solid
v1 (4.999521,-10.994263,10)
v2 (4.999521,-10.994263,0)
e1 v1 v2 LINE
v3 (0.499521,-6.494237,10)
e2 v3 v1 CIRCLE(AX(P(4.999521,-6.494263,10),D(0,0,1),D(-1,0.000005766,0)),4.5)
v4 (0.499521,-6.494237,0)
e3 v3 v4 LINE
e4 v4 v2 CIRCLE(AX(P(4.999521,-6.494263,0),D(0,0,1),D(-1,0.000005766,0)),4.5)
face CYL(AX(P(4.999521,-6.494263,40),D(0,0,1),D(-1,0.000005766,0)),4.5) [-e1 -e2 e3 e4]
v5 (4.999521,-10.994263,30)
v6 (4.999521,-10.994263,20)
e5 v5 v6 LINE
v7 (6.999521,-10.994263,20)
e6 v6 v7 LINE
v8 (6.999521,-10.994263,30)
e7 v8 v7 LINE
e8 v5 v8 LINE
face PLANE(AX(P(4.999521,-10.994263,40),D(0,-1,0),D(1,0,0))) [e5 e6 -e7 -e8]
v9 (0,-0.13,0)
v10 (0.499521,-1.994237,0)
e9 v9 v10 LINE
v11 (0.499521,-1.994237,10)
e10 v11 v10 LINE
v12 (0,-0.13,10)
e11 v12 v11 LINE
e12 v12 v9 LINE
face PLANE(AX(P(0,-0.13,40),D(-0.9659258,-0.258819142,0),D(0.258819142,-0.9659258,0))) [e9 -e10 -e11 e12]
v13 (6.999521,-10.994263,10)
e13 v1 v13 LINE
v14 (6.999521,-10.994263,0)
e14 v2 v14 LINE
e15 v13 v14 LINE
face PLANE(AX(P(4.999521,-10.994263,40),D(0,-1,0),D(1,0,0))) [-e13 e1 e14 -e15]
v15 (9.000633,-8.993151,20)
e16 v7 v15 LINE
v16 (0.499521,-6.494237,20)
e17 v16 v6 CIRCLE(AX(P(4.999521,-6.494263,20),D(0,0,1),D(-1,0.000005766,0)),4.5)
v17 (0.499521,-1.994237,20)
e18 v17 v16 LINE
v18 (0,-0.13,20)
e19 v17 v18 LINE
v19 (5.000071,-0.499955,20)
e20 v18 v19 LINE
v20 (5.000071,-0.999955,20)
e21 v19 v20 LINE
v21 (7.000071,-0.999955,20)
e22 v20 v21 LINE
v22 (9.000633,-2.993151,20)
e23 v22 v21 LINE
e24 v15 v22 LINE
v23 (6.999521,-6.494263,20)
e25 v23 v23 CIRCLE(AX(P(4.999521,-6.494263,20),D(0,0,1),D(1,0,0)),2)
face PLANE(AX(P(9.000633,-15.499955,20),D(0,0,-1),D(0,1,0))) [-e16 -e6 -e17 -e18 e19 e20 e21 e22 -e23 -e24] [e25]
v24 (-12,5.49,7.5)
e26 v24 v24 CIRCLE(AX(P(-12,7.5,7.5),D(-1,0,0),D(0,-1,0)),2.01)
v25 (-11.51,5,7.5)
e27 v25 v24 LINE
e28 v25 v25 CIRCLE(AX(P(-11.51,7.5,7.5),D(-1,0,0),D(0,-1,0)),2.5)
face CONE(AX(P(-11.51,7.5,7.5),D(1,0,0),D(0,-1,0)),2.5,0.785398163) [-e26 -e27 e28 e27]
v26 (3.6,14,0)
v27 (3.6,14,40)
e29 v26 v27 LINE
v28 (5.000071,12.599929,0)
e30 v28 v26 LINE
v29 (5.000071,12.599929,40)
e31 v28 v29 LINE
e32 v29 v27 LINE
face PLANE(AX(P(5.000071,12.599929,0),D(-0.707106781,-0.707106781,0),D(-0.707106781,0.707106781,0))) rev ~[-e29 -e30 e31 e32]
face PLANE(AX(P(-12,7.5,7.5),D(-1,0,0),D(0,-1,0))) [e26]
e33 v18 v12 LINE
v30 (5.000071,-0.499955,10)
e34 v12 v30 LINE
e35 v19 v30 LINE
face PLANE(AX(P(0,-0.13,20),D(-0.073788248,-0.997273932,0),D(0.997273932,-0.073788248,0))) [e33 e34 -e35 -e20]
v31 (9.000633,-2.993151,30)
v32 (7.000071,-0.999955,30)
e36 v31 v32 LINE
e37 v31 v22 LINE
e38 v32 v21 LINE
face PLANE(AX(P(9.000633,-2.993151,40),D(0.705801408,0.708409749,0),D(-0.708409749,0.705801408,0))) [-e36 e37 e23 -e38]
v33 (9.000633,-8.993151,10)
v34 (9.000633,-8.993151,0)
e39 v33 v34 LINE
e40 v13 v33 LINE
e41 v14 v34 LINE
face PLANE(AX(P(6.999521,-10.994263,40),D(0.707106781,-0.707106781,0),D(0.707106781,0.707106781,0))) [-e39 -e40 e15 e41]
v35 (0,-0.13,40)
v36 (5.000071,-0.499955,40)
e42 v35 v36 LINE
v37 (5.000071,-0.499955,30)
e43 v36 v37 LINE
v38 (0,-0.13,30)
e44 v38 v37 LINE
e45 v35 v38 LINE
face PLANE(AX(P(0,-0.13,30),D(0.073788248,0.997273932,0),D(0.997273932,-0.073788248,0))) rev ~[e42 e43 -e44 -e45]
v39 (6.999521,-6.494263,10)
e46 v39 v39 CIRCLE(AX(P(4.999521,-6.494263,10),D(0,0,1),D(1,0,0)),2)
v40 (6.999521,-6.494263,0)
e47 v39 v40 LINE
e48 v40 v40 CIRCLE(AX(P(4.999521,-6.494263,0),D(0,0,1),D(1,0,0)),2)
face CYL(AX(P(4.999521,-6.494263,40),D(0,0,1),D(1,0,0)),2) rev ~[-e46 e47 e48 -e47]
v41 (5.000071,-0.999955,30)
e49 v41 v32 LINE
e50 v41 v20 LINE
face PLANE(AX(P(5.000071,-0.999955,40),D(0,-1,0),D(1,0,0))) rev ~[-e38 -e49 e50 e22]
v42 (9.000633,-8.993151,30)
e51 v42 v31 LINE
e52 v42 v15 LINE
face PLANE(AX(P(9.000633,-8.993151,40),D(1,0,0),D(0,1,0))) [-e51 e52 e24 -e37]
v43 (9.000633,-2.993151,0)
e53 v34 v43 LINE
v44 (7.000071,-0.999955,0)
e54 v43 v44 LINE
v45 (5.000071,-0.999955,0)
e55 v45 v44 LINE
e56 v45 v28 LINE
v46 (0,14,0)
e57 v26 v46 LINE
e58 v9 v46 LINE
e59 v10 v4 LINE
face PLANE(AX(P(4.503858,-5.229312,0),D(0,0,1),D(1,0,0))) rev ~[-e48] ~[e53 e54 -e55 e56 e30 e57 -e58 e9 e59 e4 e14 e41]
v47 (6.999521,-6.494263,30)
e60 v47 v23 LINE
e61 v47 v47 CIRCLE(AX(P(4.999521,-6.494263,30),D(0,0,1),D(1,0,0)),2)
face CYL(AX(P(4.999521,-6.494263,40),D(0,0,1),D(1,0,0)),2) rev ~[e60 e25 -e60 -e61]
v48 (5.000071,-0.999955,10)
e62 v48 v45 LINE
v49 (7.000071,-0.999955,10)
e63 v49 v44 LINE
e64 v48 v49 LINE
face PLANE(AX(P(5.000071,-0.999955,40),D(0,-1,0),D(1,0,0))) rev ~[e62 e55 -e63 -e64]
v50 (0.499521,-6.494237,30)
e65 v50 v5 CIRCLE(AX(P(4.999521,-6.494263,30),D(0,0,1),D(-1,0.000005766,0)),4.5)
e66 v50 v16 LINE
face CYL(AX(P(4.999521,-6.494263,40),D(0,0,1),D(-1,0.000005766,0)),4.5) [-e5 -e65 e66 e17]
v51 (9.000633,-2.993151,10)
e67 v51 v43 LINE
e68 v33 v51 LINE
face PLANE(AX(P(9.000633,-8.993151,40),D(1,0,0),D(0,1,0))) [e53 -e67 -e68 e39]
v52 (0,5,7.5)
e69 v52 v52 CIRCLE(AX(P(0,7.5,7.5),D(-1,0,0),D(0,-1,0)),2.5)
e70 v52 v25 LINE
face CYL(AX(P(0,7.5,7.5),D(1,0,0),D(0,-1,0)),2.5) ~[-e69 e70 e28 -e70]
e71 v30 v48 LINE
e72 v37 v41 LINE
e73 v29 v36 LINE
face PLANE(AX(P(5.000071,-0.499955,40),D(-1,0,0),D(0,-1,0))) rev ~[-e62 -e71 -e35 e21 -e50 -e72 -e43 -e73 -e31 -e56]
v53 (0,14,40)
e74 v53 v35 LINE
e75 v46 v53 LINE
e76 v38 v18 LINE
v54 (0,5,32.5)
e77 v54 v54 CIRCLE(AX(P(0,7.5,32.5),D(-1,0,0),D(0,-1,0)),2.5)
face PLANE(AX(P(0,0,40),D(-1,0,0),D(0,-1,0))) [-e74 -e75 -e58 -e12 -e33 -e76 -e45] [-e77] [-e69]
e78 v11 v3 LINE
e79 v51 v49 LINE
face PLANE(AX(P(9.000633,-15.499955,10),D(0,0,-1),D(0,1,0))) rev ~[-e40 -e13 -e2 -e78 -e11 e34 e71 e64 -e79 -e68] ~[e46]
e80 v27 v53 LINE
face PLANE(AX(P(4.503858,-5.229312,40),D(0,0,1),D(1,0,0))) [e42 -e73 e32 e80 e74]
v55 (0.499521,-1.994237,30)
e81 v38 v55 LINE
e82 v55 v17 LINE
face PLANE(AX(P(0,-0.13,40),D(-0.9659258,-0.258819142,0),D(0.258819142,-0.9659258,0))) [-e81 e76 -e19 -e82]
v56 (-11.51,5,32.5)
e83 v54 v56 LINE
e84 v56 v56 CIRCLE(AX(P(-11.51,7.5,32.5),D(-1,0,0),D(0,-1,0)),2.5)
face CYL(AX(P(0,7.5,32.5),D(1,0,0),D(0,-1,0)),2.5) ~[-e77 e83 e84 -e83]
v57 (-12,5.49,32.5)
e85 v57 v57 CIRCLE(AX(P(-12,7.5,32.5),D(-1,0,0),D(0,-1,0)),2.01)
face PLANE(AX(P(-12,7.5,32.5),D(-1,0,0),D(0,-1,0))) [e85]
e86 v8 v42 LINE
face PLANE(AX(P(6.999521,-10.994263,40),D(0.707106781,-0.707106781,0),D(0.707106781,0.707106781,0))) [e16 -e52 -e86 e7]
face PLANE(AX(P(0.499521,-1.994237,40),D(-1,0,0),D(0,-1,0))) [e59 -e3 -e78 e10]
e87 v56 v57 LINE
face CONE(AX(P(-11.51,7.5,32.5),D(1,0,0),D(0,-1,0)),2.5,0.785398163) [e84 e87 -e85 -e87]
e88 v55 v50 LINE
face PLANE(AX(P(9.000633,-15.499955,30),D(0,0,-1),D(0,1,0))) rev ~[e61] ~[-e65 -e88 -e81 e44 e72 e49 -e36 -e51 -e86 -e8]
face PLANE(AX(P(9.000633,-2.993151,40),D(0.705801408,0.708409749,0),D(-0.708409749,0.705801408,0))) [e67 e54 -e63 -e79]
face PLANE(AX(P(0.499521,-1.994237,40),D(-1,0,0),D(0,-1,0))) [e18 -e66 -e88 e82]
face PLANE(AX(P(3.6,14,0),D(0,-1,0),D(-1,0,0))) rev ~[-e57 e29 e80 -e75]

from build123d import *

# Parameters (mm, degrees)
PAD_DEPTH       = 40
SKETCH001_R     = 2.5
PAD001_DEPTH    = 12
CHAMFER_SIZE    = 0.49
SKETCH002_R     = 2
PAD002_DEPTH    = 40
SKETCH003_W     = 15
SKETCH003_H     = 10
POCKET_DEPTH    = 21.001633
POCKET001_DEPTH = 10
POCKET002_DEPTH = 10


with BuildPart() as part:
    # Sketch → Pad (new body)
    with BuildSketch(Plane.XY):
        Polygon((0, 14), (0, 0), (5.000071, -0.499955), (5.000071, 12.599929), (3.6, 14), align=None)
    extrude(amount=PAD_DEPTH)

    # Sketch001 → Pad001 (new body)
    with BuildSketch(Plane(origin=(0, 0, 0), x_dir=(0, -1, 0), z_dir=(-1, 0, 0))):
        with Locations((-7.5, 32.5)):
            Circle(SKETCH001_R)
        with Locations((-7.5, 7.5)):
            Circle(SKETCH001_R)
    extrude(amount=PAD001_DEPTH)

    # Chamfer
    chamfer_edges = [part.edges().sort_by_distance(p)[0] for p in [
        (-12, 10, 7.5),
        (-12, 10, 32.5),
    ]]
    chamfer(chamfer_edges, length=CHAMFER_SIZE)

    # Sketch002 → Pad002 (new body)
    with BuildSketch(Plane.XY.offset(40)):
        with BuildLine():
            Line((5.000071, -0.499955), (0, 0))
            Line((0, 0), (0, -0.13))
            Line((0, -0.13), (0.499521, -1.994237))
            Line((0.499521, -1.994237), (0.499521, -6.494237))
            ThreePointArc((0.499521, -6.494237), (1.817531, -9.676234), (4.999521, -10.994263))
            Line((4.999521, -10.994263), (6.999521, -10.994263))
            Line((6.999521, -10.994263), (9.000633, -8.993151))
            Line((9.000633, -8.993151), (9.000633, -2.993151))
            Line((9.000633, -2.993151), (7.000071, -0.999955))
            Line((5.000071, -0.999955), (7.000071, -0.999955))
            Line((5.000071, -0.499955), (5.000071, -0.999955))
        make_face()
        with Locations((4.999521, -6.494263)):
            Circle(SKETCH002_R, mode=Mode.SUBTRACT)
    extrude(amount=-PAD002_DEPTH)

    # Sketch003 → Pocket (cut, through all)
    with BuildSketch(Plane.YZ.offset(9.000633)):
        with Locations((-7.999955, 35)):
            Rectangle(SKETCH003_W, SKETCH003_H)
        with Locations((-7.999955, 15)):
            Rectangle(SKETCH003_W, SKETCH003_H)
    extrude(amount=-POCKET_DEPTH, mode=Mode.SUBTRACT)

    # Sketch005 → Pocket001 (cut)
    with BuildSketch(Plane.XY.offset(30)):
        Polygon((0, -0.13), (5.000071, -0.499955), (5.000071, -0.999955), (0, -0.999955), align=None)
    extrude(amount=POCKET001_DEPTH, mode=Mode.SUBTRACT)

    # Sketch006 → Pocket002 (cut)
    with BuildSketch(Plane(origin=(0, 0, 20), x_dir=(1, 0, 0), z_dir=(0, 0, -1))):
        Polygon((5.000071, 0.499955), (0, 0.499955), (0, 0.13), align=None)
    extrude(amount=POCKET002_DEPTH, mode=Mode.SUBTRACT)


solid = part.part
